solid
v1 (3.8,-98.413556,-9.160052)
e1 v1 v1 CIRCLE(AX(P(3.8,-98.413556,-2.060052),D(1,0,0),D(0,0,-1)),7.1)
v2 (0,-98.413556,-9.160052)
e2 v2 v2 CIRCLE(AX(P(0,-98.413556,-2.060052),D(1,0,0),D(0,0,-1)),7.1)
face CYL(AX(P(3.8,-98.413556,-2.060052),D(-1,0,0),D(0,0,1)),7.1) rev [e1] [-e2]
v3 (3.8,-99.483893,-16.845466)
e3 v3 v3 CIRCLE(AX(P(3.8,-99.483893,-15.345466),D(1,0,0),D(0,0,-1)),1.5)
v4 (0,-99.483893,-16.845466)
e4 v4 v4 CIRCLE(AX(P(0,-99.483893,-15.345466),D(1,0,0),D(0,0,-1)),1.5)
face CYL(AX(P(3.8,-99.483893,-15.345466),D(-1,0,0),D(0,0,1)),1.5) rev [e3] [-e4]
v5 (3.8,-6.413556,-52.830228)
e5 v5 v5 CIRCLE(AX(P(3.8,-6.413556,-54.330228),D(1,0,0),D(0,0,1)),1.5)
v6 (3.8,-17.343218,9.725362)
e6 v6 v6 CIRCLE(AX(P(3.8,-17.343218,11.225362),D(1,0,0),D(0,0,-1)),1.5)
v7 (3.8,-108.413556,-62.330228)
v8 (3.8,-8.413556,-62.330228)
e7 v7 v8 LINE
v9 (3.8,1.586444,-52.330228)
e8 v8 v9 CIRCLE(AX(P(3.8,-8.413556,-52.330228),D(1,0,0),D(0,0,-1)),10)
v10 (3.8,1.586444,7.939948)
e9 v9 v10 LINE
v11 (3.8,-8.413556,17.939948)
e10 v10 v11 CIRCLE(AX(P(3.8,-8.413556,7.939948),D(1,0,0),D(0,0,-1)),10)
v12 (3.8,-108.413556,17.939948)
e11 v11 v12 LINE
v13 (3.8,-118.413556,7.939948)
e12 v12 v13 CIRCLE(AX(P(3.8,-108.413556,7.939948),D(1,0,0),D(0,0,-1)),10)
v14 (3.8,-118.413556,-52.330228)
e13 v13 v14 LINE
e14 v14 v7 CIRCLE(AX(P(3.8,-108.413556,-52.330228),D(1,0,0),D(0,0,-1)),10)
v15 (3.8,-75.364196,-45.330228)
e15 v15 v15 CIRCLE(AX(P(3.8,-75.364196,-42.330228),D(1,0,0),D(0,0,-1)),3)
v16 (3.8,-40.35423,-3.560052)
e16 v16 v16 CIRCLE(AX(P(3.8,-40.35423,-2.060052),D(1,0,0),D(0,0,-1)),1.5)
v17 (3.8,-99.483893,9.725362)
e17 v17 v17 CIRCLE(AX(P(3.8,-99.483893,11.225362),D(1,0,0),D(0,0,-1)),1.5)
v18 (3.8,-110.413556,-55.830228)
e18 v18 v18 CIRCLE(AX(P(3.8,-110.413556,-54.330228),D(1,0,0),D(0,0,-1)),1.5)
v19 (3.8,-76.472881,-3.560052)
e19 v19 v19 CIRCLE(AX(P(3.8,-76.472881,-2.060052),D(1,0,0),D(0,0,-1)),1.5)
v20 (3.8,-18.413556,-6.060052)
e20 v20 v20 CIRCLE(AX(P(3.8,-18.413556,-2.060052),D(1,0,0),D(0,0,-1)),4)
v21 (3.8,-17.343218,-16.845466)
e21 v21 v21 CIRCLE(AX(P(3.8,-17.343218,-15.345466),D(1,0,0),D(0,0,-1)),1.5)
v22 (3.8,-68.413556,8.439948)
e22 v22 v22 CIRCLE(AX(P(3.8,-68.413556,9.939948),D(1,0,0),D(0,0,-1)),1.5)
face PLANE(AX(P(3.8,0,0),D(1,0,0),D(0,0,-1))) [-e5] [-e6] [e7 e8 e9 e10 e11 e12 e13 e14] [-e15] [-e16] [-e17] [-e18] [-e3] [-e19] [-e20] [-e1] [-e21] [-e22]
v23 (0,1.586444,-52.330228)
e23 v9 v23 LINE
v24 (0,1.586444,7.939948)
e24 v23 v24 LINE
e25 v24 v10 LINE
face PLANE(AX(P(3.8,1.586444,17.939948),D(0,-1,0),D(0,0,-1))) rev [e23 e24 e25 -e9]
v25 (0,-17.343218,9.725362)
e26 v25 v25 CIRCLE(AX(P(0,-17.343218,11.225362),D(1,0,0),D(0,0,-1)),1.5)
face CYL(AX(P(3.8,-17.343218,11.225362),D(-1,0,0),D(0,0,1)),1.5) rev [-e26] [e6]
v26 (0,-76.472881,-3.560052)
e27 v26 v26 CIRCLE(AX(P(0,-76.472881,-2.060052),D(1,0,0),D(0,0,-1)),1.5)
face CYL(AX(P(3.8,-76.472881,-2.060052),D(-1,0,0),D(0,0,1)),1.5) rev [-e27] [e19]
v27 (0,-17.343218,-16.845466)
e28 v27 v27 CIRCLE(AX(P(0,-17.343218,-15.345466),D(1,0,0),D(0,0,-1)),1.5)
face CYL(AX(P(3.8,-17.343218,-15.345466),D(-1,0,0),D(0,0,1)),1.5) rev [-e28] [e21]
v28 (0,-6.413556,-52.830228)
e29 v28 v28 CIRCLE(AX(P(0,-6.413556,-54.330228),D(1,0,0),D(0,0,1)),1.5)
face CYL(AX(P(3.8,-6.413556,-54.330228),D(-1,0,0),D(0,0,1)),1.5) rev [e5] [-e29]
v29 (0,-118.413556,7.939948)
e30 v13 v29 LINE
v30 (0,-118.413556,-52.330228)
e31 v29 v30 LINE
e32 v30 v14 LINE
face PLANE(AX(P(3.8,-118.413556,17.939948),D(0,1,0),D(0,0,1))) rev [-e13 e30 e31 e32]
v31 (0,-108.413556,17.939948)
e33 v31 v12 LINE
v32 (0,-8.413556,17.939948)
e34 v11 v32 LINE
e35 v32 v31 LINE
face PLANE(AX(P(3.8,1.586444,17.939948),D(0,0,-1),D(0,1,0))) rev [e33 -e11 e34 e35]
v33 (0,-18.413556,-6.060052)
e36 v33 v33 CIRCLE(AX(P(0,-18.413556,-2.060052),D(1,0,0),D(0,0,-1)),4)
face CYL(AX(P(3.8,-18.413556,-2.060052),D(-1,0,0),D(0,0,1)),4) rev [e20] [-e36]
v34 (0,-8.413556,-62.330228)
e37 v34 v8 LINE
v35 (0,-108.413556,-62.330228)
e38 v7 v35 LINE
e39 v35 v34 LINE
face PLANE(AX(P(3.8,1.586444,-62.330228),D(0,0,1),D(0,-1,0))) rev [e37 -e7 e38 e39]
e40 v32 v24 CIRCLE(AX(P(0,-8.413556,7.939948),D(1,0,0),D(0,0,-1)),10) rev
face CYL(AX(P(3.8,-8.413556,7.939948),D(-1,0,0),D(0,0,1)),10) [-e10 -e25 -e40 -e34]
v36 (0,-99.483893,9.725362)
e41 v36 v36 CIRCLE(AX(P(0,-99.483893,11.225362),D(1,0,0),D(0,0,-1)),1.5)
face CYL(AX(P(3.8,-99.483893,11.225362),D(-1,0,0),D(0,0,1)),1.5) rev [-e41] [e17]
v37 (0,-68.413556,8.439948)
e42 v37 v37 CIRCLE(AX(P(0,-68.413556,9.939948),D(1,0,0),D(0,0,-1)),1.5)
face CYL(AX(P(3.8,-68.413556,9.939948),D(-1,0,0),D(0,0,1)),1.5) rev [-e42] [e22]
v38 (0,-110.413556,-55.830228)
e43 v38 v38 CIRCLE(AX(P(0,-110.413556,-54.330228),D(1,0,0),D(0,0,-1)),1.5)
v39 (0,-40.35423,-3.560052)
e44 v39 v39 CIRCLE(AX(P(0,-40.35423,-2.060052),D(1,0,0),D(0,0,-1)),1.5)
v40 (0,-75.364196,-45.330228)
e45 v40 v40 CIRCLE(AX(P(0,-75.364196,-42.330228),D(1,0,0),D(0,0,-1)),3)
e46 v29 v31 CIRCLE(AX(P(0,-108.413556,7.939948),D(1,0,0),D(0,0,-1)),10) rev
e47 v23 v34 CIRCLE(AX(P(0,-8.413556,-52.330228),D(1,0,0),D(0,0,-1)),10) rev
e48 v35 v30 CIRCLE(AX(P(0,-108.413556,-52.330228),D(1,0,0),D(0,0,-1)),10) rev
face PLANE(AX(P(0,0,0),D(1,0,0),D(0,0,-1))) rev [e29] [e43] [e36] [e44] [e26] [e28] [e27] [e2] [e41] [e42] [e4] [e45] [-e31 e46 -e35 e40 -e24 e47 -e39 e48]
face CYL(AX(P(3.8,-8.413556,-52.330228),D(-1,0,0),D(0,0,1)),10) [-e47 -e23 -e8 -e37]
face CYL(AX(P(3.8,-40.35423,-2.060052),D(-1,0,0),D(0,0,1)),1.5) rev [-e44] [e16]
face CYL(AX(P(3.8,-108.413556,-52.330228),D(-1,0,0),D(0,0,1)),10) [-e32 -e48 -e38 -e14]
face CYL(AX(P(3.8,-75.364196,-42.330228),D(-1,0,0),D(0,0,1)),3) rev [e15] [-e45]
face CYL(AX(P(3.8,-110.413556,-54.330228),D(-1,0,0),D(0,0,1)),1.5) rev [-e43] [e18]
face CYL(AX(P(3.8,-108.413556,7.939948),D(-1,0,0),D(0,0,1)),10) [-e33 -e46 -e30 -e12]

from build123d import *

# Parameters (mm, degrees)
SKETCH1_W           = 80.27017547
SKETCH1_H           = 120
SKETCH1_R           = 4
SKETCH1_R_2         = 7.1
SKETCH1_R_3         = 3
SKETCH1_R_4         = 1.5
BOSS_EXTRUDE1_DEPTH = 3.8
FILLET1_R           = 10


with BuildPart() as part:
    # Sketch1 → Boss-Extrude1 (new body)
    with BuildSketch(Plane(origin=(0, 0, 0), x_dir=(0, 0, -1), z_dir=(1, 0, 0))):
        with Locations((22.195139842, -58.413555688)):
            Rectangle(SKETCH1_W, SKETCH1_H)
        with Locations((2.060052107, -18.413555688)):
            Circle(SKETCH1_R, mode=Mode.SUBTRACT)
        with Locations((2.060052107, -98.413555688)):
            Circle(SKETCH1_R_2, mode=Mode.SUBTRACT)
        with Locations((42.330227577, -75.364196313)):
            Circle(SKETCH1_R_3, mode=Mode.SUBTRACT)
        with Locations((54.330227577, -6.413555688)):
            Circle(SKETCH1_R_4, mode=Mode.SUBTRACT)
        with Locations((54.330227577, -110.413555688)):
            Circle(SKETCH1_R_4, mode=Mode.SUBTRACT)
        with Locations((-9.939947893, -68.413555688)):
            Circle(SKETCH1_R_4, mode=Mode.SUBTRACT)
        with Locations((2.060052107, -76.472881174)):
            Circle(SKETCH1_R_4, mode=Mode.SUBTRACT)
        with Locations((-11.225361719, -99.483892921)):
            Circle(SKETCH1_R_4, mode=Mode.SUBTRACT)
        with Locations((15.345465933, -99.483892921)):
            Circle(SKETCH1_R_4, mode=Mode.SUBTRACT)
        with Locations((15.345465933, -17.343218455)):
            Circle(SKETCH1_R_4, mode=Mode.SUBTRACT)
        with Locations((2.060052107, -40.354230201)):
            Circle(SKETCH1_R_4, mode=Mode.SUBTRACT)
        with Locations((-11.225361719, -17.343218455)):
            Circle(SKETCH1_R_4, mode=Mode.SUBTRACT)
    extrude(amount=BOSS_EXTRUDE1_DEPTH)

    # Fillet1
    fillet1_edges = [part.edges().sort_by_distance(p)[0] for p in [
        (1.9, 1.586444312, 17.939947893),
        (1.9, 1.586444312, -62.330227577),
        (1.9, -118.413555688, -62.330227577),
        (1.9, -118.413555688, 17.939947893),
    ]]
    fillet(fillet1_edges, radius=FILLET1_R)


solid = part.part
